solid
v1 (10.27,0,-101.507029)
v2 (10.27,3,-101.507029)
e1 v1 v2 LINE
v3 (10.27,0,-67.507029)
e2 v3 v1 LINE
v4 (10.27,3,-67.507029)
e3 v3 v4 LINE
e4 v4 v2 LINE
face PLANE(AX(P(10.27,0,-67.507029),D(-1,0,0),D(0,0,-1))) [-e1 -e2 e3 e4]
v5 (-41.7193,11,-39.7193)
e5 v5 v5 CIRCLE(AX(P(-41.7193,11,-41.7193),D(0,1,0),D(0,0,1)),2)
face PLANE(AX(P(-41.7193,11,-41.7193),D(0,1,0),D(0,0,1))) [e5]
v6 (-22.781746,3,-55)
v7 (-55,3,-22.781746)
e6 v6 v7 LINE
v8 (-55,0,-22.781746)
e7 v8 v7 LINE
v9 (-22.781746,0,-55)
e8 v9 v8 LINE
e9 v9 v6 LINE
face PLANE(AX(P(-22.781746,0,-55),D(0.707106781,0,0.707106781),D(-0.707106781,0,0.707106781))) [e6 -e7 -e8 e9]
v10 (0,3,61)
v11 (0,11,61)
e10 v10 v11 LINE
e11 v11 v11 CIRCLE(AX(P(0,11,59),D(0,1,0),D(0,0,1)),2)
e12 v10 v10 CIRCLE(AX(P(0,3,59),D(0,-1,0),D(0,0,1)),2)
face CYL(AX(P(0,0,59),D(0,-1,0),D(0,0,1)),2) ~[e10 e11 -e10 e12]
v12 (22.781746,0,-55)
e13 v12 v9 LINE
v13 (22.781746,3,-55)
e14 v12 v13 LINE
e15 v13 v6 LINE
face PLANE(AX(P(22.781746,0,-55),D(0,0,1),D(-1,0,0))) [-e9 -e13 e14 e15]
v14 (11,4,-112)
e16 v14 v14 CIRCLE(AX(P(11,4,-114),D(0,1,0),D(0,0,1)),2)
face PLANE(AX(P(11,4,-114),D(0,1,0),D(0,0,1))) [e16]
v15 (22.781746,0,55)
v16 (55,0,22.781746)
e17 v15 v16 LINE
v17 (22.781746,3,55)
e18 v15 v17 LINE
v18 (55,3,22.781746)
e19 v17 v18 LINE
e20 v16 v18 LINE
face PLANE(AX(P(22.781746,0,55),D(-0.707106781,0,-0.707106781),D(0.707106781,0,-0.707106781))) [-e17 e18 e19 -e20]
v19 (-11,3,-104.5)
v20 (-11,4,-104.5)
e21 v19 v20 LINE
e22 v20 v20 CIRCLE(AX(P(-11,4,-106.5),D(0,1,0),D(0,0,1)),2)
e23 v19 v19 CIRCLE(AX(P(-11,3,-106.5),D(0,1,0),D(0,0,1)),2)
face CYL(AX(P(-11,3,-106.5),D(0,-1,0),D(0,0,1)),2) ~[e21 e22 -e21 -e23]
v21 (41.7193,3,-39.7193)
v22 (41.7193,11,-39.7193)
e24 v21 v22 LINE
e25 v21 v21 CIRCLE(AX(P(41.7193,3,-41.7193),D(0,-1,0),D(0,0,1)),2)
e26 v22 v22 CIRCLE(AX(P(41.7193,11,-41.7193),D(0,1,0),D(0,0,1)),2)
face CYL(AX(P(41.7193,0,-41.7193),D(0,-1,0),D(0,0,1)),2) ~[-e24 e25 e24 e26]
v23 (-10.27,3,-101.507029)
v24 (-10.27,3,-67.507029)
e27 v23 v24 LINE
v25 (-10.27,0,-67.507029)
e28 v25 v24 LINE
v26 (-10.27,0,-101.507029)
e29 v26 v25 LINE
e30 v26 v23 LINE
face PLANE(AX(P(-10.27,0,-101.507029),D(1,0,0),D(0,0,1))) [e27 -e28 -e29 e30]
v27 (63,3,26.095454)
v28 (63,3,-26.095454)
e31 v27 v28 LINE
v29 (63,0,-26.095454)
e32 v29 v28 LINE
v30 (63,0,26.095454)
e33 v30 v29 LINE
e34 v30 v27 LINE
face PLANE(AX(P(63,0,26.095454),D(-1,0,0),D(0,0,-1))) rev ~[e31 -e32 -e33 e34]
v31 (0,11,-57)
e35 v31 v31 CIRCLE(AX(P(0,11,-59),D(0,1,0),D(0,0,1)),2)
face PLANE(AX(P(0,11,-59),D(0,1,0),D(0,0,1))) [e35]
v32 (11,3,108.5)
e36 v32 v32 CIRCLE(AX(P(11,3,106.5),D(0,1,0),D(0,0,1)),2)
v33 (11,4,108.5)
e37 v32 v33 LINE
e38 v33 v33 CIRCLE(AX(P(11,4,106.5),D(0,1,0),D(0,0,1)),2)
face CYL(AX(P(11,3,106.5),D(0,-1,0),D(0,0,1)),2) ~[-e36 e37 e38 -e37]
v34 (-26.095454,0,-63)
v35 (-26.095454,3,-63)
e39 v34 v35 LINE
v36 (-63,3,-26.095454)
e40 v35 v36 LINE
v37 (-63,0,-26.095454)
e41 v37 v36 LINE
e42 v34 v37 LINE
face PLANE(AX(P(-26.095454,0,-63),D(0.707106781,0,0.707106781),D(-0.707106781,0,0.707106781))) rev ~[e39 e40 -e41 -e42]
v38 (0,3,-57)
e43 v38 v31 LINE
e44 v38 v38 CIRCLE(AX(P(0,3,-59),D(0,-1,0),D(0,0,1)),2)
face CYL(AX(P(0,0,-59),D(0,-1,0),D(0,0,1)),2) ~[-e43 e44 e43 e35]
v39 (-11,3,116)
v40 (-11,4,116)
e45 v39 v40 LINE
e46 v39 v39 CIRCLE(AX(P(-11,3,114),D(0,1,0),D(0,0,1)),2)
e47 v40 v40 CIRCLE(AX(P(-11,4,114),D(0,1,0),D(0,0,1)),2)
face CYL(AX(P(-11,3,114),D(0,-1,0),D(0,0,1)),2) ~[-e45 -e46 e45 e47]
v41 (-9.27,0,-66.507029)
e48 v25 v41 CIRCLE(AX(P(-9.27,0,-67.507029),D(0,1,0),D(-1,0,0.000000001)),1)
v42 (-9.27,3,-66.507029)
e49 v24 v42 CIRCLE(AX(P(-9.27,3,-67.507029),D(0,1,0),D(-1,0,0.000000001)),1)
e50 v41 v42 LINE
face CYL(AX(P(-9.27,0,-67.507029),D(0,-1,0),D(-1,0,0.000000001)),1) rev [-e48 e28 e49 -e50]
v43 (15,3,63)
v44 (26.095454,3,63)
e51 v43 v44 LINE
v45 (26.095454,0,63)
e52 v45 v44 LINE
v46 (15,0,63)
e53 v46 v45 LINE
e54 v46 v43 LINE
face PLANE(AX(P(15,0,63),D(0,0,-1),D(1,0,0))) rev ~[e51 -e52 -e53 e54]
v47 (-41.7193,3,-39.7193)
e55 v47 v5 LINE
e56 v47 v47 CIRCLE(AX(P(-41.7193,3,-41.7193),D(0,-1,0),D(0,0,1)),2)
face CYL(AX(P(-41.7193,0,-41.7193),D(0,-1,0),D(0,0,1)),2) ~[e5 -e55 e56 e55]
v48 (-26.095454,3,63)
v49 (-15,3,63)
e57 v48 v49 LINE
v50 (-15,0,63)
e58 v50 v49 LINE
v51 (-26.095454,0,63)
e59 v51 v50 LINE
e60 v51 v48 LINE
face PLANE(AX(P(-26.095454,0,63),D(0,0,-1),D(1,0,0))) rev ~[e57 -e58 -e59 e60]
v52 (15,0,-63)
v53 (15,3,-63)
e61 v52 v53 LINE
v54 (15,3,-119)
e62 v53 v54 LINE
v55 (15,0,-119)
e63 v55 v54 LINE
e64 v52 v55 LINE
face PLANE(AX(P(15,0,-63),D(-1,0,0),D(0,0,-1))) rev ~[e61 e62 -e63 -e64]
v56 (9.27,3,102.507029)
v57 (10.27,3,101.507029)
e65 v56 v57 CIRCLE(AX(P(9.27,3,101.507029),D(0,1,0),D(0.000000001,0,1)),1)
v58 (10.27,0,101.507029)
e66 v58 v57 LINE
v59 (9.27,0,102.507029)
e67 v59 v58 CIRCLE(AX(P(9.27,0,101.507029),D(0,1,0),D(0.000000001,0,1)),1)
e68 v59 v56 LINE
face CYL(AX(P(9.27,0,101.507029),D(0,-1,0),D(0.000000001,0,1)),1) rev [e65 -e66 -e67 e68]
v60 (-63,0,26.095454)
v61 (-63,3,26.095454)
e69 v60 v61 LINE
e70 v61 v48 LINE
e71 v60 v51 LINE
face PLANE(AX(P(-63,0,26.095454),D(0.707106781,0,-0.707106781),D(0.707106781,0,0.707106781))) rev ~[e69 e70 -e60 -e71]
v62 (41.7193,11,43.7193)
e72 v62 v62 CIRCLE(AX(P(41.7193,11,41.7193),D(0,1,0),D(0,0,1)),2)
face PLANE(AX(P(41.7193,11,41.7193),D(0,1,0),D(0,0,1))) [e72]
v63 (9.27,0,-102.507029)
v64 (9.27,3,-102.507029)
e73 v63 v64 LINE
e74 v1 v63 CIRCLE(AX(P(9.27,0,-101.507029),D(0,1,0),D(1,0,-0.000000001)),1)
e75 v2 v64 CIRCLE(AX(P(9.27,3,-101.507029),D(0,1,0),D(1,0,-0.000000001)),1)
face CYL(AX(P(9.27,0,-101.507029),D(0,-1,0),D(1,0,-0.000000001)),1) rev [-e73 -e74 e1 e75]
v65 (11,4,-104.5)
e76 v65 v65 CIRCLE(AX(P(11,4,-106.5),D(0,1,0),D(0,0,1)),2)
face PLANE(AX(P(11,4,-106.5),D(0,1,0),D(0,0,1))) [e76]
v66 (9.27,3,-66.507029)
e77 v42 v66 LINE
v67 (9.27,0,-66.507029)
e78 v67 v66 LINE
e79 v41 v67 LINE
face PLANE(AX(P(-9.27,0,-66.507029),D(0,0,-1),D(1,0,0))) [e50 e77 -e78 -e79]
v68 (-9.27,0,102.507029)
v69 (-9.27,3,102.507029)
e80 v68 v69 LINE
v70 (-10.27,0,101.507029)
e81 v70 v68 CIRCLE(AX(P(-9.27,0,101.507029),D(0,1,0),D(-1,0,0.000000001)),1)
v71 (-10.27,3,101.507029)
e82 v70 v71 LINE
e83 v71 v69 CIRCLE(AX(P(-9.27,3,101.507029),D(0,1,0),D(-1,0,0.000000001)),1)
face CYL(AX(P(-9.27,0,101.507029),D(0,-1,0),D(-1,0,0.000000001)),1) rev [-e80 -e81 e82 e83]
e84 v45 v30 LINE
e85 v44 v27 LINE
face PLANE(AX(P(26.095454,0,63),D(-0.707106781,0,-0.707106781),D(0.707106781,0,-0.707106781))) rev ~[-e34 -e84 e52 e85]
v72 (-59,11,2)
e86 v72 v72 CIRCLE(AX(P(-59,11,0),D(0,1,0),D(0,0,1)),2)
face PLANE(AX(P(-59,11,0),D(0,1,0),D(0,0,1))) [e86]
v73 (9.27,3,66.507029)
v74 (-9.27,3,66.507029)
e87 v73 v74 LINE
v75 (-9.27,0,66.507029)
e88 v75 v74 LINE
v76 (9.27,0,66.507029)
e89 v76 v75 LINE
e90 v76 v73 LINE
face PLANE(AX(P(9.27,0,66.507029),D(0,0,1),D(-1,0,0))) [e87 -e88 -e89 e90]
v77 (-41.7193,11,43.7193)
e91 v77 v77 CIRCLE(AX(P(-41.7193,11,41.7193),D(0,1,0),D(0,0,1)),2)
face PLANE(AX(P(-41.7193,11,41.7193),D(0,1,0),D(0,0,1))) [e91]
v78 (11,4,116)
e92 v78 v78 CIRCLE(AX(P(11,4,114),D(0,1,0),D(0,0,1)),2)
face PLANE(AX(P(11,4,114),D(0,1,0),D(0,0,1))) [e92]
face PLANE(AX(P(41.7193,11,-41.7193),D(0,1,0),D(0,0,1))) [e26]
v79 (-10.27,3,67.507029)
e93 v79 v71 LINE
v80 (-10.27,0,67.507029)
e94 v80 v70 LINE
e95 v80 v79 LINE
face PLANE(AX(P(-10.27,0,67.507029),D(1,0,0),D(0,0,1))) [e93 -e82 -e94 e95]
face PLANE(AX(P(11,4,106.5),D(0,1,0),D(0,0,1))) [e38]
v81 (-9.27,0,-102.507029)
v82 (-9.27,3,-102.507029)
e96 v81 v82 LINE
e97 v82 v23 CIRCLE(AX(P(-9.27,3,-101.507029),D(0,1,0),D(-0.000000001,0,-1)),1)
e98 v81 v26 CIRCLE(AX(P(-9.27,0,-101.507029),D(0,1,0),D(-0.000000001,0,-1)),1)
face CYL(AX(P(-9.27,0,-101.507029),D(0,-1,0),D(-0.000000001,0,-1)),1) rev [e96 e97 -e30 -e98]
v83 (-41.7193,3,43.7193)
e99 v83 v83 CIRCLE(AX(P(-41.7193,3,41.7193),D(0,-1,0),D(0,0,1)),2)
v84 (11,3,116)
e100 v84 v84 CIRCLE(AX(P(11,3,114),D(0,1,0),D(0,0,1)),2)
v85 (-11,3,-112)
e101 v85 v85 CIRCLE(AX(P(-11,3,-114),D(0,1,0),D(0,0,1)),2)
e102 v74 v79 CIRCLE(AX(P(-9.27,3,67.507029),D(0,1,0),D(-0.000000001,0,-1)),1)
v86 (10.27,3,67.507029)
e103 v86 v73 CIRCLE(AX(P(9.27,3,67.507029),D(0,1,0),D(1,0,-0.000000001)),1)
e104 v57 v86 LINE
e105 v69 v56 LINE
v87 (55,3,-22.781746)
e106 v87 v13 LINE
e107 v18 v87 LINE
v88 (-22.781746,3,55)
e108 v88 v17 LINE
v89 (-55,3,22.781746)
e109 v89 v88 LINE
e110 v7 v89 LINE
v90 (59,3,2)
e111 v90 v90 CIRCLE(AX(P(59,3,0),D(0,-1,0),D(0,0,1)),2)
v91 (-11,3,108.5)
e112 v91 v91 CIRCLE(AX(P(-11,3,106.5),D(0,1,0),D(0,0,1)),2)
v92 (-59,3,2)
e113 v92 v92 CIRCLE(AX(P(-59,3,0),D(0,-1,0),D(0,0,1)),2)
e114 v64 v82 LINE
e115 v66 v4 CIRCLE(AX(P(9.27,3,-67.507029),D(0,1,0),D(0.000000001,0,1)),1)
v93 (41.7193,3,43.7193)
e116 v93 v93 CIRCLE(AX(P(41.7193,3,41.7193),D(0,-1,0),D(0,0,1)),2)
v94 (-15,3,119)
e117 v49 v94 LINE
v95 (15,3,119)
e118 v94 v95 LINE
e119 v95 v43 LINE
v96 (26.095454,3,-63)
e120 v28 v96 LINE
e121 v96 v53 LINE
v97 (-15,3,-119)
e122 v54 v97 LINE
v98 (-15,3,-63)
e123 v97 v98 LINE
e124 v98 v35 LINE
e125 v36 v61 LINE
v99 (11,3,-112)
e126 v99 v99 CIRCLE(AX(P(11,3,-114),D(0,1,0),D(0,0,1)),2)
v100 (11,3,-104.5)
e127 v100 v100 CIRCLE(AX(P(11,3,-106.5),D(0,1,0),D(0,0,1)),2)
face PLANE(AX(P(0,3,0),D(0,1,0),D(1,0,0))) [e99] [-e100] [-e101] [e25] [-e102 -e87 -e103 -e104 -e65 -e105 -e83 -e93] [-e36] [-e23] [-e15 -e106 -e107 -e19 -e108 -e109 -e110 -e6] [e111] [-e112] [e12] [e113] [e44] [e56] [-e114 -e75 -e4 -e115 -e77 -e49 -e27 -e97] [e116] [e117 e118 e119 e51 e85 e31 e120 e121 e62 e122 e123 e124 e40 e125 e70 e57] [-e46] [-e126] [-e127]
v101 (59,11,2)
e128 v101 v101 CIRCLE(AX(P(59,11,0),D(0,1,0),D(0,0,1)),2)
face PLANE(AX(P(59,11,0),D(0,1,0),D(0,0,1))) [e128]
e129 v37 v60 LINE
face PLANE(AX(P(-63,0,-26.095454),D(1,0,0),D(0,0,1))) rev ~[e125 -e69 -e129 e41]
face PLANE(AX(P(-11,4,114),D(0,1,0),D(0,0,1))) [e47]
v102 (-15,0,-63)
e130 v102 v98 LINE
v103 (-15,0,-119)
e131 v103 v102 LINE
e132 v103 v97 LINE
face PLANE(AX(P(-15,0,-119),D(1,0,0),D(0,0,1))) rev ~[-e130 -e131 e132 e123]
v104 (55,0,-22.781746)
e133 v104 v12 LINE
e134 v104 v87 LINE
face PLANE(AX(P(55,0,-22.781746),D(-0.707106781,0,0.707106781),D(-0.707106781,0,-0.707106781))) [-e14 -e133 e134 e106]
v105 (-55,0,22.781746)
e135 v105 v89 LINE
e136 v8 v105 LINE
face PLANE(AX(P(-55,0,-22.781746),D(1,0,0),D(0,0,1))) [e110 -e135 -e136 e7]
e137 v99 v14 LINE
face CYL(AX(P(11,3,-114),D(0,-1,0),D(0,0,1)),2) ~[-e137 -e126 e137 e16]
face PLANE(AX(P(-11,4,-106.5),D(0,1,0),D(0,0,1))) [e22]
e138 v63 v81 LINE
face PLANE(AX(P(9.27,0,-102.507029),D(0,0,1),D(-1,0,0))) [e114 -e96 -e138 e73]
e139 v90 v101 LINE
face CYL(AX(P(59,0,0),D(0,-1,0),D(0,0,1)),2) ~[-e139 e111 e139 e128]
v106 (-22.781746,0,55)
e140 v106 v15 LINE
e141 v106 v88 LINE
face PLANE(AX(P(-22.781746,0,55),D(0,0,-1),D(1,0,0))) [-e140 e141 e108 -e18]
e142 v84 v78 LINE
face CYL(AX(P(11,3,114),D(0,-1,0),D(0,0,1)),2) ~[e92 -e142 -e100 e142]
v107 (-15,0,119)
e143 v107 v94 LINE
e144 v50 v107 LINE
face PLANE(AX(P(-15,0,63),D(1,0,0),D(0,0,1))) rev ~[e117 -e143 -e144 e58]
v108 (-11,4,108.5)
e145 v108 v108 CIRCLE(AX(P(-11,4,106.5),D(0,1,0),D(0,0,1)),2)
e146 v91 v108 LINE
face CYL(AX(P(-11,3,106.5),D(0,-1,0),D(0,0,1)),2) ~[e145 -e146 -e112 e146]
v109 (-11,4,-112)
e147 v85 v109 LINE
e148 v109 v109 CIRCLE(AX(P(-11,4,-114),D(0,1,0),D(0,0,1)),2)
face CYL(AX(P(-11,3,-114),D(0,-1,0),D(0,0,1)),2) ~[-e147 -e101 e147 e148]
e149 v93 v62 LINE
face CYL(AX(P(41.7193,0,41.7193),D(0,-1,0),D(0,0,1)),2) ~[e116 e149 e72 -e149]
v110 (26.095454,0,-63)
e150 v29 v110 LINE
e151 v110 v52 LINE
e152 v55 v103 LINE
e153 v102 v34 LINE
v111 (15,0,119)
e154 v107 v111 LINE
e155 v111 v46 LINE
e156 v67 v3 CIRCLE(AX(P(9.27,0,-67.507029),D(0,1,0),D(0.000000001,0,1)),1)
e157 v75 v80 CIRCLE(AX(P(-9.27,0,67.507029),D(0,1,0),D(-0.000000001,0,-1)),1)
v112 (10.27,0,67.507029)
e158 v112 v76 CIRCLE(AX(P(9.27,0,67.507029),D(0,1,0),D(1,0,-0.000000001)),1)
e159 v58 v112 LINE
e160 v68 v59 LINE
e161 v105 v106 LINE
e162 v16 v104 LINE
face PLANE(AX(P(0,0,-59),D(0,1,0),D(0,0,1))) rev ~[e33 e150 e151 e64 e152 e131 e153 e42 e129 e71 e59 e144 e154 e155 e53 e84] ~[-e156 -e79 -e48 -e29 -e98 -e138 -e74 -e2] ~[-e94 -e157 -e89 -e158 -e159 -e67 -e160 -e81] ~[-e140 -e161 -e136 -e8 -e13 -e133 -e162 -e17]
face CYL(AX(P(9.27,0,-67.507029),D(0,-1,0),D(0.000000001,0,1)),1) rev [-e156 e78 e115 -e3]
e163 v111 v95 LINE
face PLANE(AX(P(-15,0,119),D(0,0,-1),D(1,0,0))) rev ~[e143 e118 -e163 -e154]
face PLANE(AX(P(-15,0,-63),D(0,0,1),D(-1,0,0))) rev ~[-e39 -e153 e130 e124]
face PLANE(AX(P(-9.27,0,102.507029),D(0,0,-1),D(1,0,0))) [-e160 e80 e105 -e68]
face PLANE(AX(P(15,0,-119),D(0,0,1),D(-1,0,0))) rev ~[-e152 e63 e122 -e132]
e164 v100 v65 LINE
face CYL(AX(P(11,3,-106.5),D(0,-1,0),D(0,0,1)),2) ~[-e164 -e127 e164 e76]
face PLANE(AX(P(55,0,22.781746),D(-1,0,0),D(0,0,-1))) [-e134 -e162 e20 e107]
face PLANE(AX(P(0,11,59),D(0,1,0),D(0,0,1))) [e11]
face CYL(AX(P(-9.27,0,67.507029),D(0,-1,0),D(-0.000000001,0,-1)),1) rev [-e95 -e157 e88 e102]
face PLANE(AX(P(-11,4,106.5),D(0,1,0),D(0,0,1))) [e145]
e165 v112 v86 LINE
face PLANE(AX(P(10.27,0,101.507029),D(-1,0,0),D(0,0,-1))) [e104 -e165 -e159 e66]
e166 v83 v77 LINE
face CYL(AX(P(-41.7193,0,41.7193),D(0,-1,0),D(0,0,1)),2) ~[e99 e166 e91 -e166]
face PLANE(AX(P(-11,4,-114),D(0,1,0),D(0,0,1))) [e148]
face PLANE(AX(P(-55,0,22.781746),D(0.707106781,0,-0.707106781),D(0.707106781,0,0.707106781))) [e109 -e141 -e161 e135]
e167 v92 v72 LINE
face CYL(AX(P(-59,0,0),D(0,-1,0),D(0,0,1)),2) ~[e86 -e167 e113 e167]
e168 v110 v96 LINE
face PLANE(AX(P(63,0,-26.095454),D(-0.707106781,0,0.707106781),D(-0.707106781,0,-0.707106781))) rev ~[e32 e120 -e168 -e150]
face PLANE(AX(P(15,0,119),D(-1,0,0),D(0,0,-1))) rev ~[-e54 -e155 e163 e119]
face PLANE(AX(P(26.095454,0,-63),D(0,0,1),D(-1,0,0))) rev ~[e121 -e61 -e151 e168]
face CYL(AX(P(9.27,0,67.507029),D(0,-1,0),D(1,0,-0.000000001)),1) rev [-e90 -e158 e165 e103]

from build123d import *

# Parameters (mm, degrees)
BOSS_EXTRUDE1_DEPTH = 3
SKETCH3_R           = 2
BOSS_EXTRUDE4_DEPTH = 1
SKETCH5_R           = 2
BOSS_EXTRUDE8_DEPTH = 11


with BuildPart() as part:
    # Sketch2 → Boss-Extrude1 (new body)
    with BuildSketch(Plane(origin=(0, 0, 0), x_dir=(1, 0, 0), z_dir=(0, 1, 0))):
        Polygon((15, -119), (15, -63), (26.09545443, -63), (63, -26.09545443), (63, 26.09545443), (26.09545443, 63), (15, 63), (15, 119), (-15, 119), (-15, 63), (-26.09545443, 63), (-63, 26.09545443), (-63, -26.09545443), (-26.09545443, -63), (-15, -63), (-15, -119), align=None)
        with BuildLine():
            ThreePointArc((-9.27, 102.507028553), (-9.977106781, 102.214135334), (-10.27, 101.507028553))
            Line((-10.27, 101.507028553), (-10.27, 67.507028553))
            ThreePointArc((-10.27, 67.507028553), (-9.977106781, 66.799921772), (-9.27, 66.507028553))
            Line((-9.27, 66.507028553), (9.27, 66.507028553))
            ThreePointArc((9.27, 66.507028553), (9.977106781, 66.799921772), (10.27, 67.507028553))
            Line((10.27, 67.507028553), (10.27, 101.507028553))
            ThreePointArc((10.27, 101.507028553), (9.977106781, 102.214135334), (9.27, 102.507028553))
            Line((9.27, 102.507028553), (-9.27, 102.507028553))
        make_face(mode=Mode.SUBTRACT)
        with BuildLine():
            ThreePointArc((-10.27, -101.507028553), (-9.977106781, -102.214135334), (-9.27, -102.507028553))
            Line((-9.27, -102.507028553), (9.27, -102.507028553))
            ThreePointArc((9.27, -102.507028553), (9.977106781, -102.214135334), (10.27, -101.507028553))
            Line((10.27, -101.507028553), (10.27, -67.507028553))
            ThreePointArc((10.27, -67.507028553), (9.977106781, -66.799921772), (9.27, -66.507028553))
            Line((9.27, -66.507028553), (-9.27, -66.507028553))
            ThreePointArc((-9.27, -66.507028553), (-9.977106781, -66.799921772), (-10.27, -67.507028553))
            Line((-10.27, -67.507028553), (-10.27, -101.507028553))
        make_face(mode=Mode.SUBTRACT)
        Polygon((-22.781745931, -55), (22.781745931, -55), (55, -22.781745931), (55, 22.781745931), (22.781745931, 55), (-22.781745931, 55), (-55, 22.781745931), (-55, -22.781745931), align=None, mode=Mode.SUBTRACT)
    extrude(amount=BOSS_EXTRUDE1_DEPTH)

    # Sketch3 → Boss-Extrude4 (add)
    with BuildSketch(Plane(origin=(0, 3, 0), x_dir=(1, 0, 0), z_dir=(0, 1, 0))):
        with Locations(Location((-11, 114, 0), (0, 0, 270))):
            Circle(SKETCH3_R)
        with Locations(Location((-11, 106.5, 0), (0, 0, 270))):
            Circle(SKETCH3_R)
        with Locations(Location((11, 114, 0), (0, 0, 270))):
            Circle(SKETCH3_R)
        with Locations(Location((11, 106.5, 0), (0, 0, 270))):
            Circle(SKETCH3_R)
        with Locations(Location((11, -114, 0), (0, 0, 270))):
            Circle(SKETCH3_R)
        with Locations(Location((-11, -114, 0), (0, 0, 270))):
            Circle(SKETCH3_R)
        with Locations(Location((-11, -106.5, 0), (0, 0, 270))):
            Circle(SKETCH3_R)
        with Locations(Location((11, -106.5, 0), (0, 0, 270))):
            Circle(SKETCH3_R)
    extrude(amount=BOSS_EXTRUDE4_DEPTH)

    # Sketch5 → Boss-Extrude8 (add)
    with BuildSketch(Plane(origin=(0, 0, 0), x_dir=(1, 0, 0), z_dir=(0, 1, 0))):
        with Locations(Location((0, 59, 0), (0, 0, 270))):
            Circle(SKETCH5_R)
        with Locations(Location((41.71930009, 41.71930009, 0), (0, 0, 270))):
            Circle(SKETCH5_R)
        with Locations(Location((59, 0, 0), (0, 0, 270))):
            Circle(SKETCH5_R)
        with Locations(Location((41.71930009, -41.71930009, 0), (0, 0, 270))):
            Circle(SKETCH5_R)
        with Locations(Location((0, -59, 0), (0, 0, 270))):
            Circle(SKETCH5_R)
        with Locations(Location((-41.71930009, -41.71930009, 0), (0, 0, 270))):
            Circle(SKETCH5_R)
        with Locations(Location((-59, 0, 0), (0, 0, 270))):
            Circle(SKETCH5_R)
        with Locations(Location((-41.71930009, 41.71930009, 0), (0, 0, 270))):
            Circle(SKETCH5_R)
    extrude(amount=BOSS_EXTRUDE8_DEPTH)


solid = part.part
